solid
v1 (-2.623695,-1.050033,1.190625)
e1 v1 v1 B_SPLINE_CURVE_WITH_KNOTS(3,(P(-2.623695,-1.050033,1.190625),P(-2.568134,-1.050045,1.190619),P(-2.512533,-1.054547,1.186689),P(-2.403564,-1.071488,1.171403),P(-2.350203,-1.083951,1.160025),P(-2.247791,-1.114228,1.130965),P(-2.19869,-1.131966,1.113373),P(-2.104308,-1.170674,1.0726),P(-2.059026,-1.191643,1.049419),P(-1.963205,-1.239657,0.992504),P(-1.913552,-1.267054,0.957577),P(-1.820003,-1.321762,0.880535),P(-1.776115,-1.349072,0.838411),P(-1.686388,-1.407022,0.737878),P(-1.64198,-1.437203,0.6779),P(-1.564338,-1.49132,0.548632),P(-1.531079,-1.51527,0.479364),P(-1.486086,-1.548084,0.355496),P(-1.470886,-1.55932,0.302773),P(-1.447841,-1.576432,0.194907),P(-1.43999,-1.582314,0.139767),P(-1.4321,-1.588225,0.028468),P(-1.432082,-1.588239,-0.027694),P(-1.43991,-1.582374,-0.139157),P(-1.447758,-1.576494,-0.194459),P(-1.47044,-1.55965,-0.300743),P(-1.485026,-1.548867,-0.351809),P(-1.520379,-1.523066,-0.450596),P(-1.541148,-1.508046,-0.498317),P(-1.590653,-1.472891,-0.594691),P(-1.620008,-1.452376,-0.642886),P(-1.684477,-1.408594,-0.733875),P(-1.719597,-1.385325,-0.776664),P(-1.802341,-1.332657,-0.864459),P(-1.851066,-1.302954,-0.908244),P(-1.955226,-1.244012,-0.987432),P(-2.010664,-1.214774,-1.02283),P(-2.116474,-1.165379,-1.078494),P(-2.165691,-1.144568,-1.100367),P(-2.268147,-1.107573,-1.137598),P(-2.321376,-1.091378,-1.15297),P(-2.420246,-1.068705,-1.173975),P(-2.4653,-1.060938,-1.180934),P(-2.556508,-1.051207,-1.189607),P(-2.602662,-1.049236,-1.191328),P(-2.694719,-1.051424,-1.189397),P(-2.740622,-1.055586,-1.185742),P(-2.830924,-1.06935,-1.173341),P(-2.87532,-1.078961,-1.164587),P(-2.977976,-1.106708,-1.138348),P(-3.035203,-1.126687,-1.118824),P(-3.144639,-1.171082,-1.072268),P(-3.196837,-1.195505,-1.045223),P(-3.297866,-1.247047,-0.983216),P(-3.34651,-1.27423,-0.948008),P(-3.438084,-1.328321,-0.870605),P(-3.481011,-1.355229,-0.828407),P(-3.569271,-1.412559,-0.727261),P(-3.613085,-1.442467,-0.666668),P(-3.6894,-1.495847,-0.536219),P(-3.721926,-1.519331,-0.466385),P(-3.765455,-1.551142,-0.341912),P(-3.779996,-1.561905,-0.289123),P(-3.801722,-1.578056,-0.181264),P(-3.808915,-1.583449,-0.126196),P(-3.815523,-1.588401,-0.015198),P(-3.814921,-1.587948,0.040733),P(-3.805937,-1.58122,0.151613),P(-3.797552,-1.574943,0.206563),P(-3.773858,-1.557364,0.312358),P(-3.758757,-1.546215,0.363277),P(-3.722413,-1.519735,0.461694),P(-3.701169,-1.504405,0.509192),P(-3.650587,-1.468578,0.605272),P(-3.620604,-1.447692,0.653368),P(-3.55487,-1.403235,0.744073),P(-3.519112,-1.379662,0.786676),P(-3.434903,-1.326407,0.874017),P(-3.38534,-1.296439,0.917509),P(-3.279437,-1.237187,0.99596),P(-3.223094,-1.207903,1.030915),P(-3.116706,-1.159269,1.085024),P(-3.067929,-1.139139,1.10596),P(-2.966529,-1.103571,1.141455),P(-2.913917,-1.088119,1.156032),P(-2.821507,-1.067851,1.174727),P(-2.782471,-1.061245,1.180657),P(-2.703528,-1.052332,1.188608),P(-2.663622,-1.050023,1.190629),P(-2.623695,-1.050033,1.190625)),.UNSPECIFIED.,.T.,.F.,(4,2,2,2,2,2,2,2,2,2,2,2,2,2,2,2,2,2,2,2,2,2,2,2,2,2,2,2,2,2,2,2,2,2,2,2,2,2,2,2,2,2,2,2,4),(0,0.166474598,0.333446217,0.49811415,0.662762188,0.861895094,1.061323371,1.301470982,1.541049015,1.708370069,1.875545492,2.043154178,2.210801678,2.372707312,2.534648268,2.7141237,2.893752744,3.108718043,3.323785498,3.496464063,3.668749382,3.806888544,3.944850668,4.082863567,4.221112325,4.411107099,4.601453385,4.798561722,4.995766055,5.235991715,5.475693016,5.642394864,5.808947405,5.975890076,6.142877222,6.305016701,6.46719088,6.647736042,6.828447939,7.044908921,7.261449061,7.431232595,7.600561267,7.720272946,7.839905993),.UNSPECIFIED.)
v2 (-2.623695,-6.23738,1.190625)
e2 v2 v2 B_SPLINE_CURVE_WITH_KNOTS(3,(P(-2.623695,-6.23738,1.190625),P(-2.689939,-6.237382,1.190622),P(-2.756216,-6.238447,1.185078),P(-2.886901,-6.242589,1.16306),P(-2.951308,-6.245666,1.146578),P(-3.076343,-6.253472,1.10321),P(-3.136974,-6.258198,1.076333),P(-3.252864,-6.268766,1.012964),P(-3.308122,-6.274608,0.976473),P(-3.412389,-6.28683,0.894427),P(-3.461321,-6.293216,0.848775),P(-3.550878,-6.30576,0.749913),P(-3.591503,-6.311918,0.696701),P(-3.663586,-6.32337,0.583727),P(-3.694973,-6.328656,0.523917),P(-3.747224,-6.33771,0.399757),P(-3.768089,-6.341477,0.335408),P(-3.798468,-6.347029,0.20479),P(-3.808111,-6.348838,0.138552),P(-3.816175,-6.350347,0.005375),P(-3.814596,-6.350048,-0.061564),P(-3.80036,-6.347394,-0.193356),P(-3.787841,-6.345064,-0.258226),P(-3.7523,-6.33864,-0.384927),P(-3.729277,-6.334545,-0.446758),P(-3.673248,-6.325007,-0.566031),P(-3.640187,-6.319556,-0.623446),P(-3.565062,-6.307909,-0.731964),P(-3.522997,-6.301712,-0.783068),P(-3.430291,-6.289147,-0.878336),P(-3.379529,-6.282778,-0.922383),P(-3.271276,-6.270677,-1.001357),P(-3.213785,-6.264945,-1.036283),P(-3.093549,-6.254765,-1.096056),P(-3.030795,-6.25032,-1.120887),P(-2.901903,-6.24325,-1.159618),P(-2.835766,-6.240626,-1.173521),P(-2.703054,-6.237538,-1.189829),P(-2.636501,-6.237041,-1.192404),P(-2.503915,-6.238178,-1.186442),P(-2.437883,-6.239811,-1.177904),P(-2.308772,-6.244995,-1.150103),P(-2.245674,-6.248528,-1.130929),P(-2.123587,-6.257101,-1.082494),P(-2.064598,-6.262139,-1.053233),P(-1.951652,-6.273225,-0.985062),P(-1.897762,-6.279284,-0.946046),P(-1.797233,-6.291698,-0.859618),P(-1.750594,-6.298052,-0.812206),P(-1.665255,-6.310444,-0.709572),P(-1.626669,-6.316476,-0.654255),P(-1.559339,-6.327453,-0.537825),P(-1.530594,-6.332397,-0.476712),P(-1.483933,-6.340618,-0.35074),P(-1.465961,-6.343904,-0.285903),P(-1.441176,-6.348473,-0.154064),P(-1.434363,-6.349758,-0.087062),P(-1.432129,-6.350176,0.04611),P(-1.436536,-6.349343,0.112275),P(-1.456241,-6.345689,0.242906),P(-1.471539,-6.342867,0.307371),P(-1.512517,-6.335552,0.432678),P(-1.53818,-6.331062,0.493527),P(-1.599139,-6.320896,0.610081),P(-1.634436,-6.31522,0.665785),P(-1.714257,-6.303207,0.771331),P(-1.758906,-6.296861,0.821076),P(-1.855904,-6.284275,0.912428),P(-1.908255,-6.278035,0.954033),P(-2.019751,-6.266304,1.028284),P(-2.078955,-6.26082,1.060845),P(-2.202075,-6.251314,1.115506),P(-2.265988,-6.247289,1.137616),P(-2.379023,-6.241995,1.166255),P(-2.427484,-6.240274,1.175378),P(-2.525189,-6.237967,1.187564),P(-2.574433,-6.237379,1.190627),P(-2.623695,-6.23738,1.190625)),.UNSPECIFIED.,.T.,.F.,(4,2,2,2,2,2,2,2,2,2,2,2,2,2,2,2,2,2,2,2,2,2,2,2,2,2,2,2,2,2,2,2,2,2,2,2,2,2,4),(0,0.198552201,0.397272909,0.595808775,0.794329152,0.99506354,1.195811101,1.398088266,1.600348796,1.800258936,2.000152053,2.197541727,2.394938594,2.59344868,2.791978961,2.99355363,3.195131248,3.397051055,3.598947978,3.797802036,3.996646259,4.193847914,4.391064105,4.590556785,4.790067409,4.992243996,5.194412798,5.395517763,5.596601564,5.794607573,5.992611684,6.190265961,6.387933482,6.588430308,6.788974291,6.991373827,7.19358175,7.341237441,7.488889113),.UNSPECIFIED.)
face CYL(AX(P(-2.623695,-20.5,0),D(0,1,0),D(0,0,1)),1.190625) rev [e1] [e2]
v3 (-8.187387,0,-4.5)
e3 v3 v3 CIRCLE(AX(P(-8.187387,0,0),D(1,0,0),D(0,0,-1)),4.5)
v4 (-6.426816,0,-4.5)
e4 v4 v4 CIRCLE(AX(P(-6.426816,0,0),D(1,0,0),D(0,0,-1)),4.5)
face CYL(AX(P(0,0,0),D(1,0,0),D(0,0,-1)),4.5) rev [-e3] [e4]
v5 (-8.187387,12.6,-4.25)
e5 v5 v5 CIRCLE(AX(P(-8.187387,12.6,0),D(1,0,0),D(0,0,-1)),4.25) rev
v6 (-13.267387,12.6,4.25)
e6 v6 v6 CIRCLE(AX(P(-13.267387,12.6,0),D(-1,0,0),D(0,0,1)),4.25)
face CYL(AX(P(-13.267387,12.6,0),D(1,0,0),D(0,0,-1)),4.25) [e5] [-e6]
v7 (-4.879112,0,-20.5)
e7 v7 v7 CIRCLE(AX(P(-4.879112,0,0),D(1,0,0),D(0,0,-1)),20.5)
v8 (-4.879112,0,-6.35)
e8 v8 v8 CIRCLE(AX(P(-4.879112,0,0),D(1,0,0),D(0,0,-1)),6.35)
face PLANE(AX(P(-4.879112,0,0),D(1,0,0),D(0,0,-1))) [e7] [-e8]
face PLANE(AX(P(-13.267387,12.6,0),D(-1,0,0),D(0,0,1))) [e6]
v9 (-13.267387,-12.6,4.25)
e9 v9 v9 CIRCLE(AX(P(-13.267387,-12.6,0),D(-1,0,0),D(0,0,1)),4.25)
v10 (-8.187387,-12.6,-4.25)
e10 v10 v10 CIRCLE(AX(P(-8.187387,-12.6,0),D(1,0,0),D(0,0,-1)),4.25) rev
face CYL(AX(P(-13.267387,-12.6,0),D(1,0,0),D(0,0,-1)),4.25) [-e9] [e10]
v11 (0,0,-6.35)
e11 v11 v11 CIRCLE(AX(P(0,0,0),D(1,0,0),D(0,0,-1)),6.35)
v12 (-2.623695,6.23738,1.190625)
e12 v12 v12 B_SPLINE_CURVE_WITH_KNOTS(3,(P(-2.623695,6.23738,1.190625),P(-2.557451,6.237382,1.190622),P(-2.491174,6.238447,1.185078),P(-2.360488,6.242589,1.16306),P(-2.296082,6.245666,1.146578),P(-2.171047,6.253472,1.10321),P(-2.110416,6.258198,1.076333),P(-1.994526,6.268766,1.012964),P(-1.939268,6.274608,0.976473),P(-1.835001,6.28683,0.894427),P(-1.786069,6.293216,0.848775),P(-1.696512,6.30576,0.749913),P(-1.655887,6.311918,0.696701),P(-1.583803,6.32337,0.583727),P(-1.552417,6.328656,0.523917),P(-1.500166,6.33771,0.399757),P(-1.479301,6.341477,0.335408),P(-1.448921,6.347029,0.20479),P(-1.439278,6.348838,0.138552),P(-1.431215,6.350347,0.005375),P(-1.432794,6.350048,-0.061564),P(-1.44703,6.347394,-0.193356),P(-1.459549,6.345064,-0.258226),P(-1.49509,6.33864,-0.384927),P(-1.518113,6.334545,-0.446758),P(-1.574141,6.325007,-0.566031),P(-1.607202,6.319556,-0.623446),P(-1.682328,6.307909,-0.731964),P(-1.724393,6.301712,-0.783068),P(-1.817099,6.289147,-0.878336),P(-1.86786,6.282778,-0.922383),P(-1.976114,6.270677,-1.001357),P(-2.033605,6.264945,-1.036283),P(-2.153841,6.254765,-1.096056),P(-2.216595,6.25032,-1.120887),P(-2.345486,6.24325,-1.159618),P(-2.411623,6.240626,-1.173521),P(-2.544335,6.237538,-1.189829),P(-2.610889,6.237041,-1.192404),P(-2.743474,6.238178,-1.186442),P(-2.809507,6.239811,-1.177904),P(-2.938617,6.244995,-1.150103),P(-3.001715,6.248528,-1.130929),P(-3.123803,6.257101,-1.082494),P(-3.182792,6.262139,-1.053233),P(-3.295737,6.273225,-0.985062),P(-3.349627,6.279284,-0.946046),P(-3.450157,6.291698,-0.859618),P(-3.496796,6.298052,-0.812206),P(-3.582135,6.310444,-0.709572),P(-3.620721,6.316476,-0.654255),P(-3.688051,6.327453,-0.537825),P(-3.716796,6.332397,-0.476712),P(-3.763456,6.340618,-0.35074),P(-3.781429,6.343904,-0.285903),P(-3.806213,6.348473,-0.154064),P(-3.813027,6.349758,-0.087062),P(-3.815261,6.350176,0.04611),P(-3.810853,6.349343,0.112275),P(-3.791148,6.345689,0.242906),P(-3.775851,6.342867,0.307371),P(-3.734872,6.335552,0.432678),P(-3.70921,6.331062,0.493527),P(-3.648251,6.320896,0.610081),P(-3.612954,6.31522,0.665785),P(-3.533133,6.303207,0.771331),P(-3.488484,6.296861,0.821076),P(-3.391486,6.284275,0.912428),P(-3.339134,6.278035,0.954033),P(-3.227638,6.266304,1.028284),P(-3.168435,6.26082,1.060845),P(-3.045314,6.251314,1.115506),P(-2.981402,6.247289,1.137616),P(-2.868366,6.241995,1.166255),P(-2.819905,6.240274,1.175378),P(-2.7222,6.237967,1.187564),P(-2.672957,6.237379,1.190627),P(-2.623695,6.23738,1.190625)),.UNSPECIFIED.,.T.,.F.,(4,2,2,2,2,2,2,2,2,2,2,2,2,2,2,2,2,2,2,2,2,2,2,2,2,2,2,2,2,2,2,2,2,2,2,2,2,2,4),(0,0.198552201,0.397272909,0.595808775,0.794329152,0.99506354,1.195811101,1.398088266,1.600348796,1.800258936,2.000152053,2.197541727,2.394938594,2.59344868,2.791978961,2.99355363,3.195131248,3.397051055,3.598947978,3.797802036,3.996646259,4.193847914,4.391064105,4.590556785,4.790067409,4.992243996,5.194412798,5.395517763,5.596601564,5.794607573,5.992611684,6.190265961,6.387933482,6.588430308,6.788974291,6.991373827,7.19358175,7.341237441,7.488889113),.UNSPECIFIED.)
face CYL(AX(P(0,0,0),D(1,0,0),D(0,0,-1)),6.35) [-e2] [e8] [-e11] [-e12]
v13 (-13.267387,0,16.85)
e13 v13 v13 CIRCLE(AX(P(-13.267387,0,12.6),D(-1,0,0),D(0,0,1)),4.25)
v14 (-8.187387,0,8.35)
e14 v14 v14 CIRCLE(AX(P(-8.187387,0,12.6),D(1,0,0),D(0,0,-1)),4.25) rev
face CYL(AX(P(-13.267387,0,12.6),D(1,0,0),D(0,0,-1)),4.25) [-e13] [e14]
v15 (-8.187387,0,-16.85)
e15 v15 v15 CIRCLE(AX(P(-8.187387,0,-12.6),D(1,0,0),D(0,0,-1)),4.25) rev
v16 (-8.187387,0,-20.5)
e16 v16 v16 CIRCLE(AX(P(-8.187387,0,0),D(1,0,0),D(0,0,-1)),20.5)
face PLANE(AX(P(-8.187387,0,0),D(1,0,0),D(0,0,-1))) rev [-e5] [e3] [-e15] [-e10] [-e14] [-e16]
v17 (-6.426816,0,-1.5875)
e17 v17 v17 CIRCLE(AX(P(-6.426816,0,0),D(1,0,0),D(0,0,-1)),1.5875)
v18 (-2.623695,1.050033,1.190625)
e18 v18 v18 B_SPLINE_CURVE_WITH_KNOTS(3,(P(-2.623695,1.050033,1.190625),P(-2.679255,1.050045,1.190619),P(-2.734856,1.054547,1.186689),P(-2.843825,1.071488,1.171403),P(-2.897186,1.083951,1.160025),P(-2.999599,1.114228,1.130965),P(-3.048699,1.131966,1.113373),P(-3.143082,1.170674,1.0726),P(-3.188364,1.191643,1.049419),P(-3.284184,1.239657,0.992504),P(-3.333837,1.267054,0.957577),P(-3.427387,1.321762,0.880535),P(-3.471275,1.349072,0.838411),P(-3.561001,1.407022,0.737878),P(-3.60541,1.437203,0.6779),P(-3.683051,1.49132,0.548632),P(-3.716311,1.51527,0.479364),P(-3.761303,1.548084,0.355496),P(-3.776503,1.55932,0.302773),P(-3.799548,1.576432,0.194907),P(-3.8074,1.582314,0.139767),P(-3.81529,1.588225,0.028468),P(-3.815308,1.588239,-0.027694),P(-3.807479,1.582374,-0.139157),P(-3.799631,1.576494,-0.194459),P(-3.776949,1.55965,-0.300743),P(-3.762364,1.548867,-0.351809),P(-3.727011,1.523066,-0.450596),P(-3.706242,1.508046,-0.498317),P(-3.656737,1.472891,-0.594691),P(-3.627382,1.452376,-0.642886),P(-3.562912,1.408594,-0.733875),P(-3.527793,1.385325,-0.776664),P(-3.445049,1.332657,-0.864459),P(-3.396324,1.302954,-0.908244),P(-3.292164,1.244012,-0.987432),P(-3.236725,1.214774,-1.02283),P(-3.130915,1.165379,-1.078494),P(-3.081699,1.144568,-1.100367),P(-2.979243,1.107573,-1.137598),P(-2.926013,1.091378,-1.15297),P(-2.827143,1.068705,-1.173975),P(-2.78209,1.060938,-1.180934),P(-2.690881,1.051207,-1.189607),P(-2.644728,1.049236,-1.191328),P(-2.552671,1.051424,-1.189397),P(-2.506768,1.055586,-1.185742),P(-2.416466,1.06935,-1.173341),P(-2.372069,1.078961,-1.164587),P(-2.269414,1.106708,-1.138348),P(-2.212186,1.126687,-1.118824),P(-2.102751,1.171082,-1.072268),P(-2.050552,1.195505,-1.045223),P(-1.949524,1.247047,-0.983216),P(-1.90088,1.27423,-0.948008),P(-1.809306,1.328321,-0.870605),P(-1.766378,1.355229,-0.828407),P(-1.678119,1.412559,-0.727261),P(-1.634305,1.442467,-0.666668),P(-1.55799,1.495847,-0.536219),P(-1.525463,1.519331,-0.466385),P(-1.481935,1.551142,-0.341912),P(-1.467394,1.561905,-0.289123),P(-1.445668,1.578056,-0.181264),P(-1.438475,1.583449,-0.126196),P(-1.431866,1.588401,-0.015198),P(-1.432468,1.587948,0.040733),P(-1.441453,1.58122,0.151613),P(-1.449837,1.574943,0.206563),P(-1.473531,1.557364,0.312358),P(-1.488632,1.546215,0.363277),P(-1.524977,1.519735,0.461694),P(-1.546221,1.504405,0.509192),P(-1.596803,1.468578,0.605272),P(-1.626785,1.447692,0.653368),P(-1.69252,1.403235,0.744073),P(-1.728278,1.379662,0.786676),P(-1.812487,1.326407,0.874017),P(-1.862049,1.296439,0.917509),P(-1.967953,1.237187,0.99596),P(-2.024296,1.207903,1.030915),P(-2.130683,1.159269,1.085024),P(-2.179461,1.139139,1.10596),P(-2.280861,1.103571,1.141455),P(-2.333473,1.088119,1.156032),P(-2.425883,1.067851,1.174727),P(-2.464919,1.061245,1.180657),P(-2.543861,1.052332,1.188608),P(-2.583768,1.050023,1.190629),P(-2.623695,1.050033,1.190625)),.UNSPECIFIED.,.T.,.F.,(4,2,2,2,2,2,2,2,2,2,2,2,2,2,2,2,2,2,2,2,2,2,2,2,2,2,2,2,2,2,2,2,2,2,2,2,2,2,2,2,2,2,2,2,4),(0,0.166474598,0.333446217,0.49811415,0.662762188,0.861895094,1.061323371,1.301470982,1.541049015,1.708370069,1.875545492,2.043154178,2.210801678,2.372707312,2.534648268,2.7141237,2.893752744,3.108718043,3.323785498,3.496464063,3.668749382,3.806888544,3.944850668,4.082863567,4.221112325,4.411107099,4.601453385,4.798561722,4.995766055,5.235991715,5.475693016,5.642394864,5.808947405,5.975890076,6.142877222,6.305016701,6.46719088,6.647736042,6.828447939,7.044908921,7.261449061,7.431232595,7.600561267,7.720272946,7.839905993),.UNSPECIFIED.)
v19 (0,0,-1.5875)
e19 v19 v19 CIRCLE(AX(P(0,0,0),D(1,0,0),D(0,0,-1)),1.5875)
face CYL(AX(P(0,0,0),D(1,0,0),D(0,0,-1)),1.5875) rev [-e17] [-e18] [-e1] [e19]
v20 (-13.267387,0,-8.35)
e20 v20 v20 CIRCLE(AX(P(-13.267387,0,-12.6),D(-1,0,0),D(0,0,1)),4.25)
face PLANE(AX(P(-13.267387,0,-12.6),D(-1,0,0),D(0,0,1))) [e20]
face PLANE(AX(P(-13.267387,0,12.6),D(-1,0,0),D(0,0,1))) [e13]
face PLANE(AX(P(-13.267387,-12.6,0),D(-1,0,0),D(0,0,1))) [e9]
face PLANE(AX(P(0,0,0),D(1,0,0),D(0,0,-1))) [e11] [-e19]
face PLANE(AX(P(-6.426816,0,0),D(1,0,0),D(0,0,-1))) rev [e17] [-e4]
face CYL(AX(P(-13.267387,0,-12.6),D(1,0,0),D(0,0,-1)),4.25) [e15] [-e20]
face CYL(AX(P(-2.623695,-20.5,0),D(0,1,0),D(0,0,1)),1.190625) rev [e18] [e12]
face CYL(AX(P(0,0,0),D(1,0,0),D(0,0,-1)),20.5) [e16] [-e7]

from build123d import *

# Parameters (mm, degrees)
SKETCH2_R               = 4.25
BOSS_EXTRUDE1_DEPTH     = 5.08
CUT_EXTRUDE1_DEPTH      = 32.882966676
CUT_EXTRUDE1_DEPTH_BACK = 32.882966676
SKETCH3_R               = 1.190625


with BuildPart() as part:
    # Sketch1 → Revolve1 (revolve)
    with BuildSketch(Plane.XY):
        Polygon((0, 1.5875), (0, 6.35), (-4.87911158, 6.35), (-4.87911158, 20.5), (-8.187387237, 20.5), (-8.187387237, 4.5), (-6.426815736, 4.5), (-6.426815736, 1.5875), align=None)
    revolve(axis=Axis((0, 0, 0), (-1, 0, 0)))

    # Sketch2 → Boss-Extrude1 (add)
    with BuildSketch(Plane.ZY.offset(8.187387237)):
        with Locations((0, 12.6)):
            Circle(SKETCH2_R)
        with Locations((12.6, 0)):
            Circle(SKETCH2_R)
        with Locations((0, -12.6)):
            Circle(SKETCH2_R)
        with Locations((-12.6, 0)):
            Circle(SKETCH2_R)
    extrude(amount=BOSS_EXTRUDE1_DEPTH)

    # Sketch3 → Cut-Extrude1 (cut, two sides: drawn at the far end of the back side and taken through both)
    with BuildSketch(Plane(origin=(0, 0, 0), x_dir=(1, 0, 0), z_dir=(0, 1, 0)).offset(-CUT_EXTRUDE1_DEPTH_BACK)):
        with Locations((-2.623694819, 0)):
            Circle(SKETCH3_R)
    extrude(amount=CUT_EXTRUDE1_DEPTH + CUT_EXTRUDE1_DEPTH_BACK, mode=Mode.SUBTRACT)


solid = part.part
